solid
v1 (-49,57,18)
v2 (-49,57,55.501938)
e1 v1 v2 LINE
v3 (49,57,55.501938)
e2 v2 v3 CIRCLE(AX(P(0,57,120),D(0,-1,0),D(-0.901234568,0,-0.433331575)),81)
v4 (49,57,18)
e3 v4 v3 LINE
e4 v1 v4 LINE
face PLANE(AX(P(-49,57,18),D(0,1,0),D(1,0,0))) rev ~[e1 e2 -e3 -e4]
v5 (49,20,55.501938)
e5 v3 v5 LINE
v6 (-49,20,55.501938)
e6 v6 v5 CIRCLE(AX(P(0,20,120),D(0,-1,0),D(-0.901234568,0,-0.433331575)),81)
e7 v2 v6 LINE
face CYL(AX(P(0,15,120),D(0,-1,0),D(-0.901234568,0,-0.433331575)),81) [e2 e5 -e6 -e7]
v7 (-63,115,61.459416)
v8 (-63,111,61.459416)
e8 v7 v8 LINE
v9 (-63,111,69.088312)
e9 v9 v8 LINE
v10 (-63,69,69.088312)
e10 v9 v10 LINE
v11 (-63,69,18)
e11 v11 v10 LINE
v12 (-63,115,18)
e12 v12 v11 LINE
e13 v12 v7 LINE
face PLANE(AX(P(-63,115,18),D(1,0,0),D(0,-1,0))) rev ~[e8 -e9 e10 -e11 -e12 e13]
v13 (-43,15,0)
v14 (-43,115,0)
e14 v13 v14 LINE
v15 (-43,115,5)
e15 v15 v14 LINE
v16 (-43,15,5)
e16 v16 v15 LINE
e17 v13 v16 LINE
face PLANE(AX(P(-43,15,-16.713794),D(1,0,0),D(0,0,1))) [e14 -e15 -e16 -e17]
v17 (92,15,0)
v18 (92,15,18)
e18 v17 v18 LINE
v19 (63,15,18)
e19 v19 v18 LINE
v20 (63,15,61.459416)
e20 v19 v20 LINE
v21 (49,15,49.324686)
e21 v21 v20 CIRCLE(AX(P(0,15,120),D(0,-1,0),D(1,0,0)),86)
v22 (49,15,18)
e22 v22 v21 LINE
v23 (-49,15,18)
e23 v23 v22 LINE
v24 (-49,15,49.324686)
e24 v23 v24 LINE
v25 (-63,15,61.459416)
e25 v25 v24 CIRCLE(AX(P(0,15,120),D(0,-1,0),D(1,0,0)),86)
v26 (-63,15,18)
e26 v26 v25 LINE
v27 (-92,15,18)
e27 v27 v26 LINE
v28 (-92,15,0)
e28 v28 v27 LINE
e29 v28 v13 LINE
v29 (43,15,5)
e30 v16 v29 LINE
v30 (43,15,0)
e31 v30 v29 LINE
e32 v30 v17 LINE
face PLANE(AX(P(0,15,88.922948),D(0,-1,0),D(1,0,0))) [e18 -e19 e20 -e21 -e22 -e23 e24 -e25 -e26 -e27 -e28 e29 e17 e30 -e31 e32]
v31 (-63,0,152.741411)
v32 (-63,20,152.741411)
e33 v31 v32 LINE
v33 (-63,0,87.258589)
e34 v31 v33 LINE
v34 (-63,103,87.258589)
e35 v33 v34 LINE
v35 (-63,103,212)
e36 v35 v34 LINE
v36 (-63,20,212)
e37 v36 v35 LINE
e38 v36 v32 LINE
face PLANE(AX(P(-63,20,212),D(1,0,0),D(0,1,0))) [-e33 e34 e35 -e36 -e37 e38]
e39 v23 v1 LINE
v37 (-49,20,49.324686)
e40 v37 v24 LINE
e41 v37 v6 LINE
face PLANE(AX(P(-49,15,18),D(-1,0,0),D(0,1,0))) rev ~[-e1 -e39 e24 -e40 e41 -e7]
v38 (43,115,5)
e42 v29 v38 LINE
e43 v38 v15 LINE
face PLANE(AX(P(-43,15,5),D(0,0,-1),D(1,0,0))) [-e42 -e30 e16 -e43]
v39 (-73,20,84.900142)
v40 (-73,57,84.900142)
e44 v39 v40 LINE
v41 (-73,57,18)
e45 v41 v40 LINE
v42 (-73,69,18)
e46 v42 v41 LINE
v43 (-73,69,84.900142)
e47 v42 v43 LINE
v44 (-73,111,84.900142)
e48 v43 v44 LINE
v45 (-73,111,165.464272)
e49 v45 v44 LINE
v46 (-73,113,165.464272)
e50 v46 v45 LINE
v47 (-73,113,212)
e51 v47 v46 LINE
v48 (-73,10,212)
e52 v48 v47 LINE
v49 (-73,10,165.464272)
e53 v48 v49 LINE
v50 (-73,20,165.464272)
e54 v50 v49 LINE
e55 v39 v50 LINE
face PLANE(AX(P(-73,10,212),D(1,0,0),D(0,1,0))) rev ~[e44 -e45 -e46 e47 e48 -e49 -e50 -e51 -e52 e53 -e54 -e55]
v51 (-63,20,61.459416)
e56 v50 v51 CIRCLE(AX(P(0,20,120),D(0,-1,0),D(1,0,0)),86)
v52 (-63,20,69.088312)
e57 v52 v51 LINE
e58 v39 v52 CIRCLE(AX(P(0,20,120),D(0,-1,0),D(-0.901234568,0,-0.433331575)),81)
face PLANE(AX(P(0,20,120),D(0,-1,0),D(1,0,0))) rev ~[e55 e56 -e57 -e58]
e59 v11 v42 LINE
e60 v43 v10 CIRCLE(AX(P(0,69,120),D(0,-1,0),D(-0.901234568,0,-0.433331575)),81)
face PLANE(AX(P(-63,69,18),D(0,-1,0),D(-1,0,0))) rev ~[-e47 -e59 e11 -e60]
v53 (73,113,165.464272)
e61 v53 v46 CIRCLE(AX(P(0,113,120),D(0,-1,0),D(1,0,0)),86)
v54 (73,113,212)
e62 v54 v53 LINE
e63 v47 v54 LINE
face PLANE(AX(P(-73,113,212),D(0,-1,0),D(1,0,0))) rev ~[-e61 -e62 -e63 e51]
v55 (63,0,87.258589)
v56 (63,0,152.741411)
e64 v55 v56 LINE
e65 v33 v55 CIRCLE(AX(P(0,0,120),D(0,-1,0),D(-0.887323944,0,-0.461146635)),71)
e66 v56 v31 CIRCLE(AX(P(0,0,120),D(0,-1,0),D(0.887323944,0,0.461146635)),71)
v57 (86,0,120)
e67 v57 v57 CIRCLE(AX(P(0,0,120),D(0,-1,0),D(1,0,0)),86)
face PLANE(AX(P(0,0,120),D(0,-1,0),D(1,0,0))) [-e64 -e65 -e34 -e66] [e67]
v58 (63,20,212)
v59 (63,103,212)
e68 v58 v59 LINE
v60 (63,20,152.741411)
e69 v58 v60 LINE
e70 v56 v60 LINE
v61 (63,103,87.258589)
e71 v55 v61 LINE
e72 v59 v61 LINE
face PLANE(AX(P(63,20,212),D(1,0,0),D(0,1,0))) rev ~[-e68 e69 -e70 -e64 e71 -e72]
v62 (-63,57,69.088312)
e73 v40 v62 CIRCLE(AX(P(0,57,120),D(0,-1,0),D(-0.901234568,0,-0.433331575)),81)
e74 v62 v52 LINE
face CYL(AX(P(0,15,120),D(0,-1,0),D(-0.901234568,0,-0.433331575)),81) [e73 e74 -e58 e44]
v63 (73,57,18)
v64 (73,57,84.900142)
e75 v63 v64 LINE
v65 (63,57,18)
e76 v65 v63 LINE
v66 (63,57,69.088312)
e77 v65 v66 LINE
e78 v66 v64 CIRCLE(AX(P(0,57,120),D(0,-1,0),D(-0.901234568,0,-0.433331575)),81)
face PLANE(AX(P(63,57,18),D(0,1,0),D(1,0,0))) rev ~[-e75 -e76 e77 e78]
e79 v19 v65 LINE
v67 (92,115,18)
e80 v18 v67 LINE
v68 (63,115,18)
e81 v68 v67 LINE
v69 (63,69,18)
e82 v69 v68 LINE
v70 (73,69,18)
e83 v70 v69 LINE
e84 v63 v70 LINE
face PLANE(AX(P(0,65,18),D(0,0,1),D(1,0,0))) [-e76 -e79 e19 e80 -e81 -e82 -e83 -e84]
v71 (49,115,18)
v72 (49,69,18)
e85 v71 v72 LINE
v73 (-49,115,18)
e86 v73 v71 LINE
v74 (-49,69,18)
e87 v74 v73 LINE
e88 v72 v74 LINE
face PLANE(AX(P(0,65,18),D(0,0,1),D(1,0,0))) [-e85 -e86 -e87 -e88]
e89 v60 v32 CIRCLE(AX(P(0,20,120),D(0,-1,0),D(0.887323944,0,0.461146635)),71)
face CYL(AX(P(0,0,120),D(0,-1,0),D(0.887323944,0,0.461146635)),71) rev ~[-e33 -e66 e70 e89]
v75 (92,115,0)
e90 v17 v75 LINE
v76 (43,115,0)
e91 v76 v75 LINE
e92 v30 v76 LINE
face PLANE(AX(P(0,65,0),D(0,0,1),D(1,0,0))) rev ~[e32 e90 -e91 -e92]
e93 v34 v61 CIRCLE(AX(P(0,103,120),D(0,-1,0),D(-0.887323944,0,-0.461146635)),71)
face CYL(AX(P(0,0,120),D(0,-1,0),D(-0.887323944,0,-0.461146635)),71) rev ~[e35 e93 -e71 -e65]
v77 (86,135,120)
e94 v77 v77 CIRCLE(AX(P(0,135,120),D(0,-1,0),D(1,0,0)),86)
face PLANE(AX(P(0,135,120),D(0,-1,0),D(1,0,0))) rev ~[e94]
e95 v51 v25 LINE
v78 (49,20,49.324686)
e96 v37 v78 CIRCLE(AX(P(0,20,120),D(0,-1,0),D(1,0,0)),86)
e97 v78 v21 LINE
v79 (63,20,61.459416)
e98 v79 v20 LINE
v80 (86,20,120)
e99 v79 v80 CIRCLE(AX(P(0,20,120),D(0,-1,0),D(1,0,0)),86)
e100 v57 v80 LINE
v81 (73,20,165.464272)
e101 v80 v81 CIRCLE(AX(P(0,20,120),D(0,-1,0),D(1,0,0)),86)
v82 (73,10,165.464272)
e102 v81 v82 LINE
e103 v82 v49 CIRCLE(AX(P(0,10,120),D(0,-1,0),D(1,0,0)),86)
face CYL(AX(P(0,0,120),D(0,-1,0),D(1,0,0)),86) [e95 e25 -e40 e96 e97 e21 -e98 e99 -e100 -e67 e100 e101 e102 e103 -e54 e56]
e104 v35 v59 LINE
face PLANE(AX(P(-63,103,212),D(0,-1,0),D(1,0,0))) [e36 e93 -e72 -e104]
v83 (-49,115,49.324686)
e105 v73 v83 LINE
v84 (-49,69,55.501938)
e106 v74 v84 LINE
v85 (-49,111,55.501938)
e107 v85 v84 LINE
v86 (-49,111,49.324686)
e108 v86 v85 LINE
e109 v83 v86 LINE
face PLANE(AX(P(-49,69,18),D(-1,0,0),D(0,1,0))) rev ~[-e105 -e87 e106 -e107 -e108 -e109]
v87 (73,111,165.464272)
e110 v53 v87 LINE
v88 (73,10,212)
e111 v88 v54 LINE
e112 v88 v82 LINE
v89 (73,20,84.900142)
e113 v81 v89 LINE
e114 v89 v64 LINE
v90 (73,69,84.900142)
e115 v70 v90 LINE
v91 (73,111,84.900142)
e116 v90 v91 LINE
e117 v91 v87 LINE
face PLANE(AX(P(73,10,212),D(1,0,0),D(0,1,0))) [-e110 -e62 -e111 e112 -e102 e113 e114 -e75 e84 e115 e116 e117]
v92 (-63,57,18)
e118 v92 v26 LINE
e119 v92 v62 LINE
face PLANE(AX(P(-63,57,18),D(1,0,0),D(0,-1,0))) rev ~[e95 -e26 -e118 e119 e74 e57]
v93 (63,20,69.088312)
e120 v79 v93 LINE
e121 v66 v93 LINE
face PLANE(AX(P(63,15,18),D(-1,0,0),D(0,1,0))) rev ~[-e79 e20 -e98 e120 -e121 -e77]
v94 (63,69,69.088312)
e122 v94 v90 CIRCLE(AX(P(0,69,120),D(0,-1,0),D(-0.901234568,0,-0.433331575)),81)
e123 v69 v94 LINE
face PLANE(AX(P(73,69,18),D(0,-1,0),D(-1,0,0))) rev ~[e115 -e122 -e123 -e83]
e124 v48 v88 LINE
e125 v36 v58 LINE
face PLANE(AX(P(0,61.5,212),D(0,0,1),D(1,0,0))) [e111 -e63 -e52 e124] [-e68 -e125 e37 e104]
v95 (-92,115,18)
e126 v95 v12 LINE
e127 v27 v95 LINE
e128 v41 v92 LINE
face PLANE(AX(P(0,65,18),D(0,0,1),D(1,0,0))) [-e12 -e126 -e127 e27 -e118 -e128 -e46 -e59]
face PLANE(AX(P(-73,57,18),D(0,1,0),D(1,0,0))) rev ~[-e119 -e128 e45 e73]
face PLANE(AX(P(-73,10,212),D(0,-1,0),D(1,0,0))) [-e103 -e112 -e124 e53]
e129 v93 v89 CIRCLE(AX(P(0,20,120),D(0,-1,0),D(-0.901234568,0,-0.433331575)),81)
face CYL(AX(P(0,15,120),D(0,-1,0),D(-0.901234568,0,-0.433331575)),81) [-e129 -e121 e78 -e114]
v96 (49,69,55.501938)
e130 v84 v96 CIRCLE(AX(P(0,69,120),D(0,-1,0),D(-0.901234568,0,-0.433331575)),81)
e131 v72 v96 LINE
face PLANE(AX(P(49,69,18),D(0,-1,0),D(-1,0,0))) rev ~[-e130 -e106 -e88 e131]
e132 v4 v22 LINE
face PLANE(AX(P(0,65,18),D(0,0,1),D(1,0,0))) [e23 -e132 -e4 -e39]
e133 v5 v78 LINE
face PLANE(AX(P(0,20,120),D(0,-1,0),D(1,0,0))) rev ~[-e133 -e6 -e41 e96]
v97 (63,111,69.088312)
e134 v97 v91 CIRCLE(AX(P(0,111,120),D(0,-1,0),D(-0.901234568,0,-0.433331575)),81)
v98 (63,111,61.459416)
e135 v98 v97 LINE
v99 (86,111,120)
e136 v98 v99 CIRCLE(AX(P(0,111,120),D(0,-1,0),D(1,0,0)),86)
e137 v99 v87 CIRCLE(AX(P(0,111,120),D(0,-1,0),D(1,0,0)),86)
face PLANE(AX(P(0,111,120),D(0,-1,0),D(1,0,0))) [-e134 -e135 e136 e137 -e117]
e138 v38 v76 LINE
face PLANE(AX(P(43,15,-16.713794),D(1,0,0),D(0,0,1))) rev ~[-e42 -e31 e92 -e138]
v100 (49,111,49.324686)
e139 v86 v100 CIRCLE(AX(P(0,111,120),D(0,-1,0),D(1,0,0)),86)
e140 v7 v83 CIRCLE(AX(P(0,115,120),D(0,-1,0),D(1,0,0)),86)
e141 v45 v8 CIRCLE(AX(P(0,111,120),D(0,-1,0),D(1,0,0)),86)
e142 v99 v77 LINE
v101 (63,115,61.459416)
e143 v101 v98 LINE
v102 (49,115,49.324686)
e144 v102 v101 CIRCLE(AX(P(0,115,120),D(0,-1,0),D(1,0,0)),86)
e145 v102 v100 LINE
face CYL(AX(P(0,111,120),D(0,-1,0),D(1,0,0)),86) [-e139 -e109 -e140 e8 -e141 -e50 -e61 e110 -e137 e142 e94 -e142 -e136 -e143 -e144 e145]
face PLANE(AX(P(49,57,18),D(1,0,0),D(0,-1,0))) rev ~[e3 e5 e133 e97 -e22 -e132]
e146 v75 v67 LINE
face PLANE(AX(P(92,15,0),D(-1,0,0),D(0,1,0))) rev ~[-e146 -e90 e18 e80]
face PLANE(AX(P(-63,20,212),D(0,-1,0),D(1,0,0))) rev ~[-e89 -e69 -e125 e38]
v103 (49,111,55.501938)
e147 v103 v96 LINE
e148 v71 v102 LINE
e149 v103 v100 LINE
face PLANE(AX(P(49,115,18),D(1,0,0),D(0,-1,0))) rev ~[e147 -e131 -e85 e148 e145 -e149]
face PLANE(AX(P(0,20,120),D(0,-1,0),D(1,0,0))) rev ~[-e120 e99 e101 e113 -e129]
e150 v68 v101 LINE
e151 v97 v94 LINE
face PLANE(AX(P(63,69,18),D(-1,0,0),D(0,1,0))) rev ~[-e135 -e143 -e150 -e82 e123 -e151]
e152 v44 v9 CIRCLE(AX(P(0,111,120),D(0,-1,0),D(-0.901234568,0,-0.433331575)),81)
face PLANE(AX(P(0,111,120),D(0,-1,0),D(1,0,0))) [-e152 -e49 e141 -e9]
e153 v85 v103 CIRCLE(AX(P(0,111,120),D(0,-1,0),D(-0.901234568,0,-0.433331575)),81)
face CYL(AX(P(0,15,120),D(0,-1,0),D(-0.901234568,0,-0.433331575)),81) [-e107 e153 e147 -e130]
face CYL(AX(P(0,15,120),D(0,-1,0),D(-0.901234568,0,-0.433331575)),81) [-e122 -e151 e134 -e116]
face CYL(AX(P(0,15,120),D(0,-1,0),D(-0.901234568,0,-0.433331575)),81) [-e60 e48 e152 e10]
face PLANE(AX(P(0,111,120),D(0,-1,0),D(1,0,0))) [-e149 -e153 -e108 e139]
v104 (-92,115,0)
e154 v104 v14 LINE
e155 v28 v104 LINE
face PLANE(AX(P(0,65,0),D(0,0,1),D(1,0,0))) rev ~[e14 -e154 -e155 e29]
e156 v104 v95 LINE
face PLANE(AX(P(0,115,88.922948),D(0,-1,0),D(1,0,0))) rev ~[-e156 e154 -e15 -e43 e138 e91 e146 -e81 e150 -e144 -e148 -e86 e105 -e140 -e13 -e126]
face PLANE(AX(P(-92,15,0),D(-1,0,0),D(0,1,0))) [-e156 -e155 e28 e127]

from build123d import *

# Parameters (mm, degrees)
F0_W      = 184
F0_H      = 100
F1_DEPTH  = 18
F2_W      = 86
F2_H      = 21.7137943208
F3_DEPTH  = 100.001
F5_DEPTH  = 92
F7_DEPTH  = 100
F8_R      = 86
F9_DEPTH  = 20
F10_START = -111
F10_DEPTH = 24
F12_W     = 146
F12_H     = 103
F13_DEPTH = 92
F15_DEPTH = 103
F16_W     = 126
F16_H     = 83
F17_DEPTH = 59.2595889125


with BuildPart() as f1:
    # F0 (on Top) → F1 (new body)
    with BuildSketch(Plane.XY):
        with Locations((0, 65)):
            Rectangle(F0_W, F0_H)
    extrude(amount=F1_DEPTH)

    # F2 (on face) → F3 (cut, through all)
    with BuildSketch(Plane.XZ.offset(-15)):
        with Locations((0, -5.8568971604)):
            Rectangle(F2_W, F2_H)
    extrude(amount=-F3_DEPTH, mode=Mode.SUBTRACT)

    # F4 (on face) → F5 (join)
    with BuildSketch(Plane.XY.offset(18)):
        Polygon((-63, 57), (-63, 15), (-49, 15), (-49, 57), (0, 57), (49, 57), (49, 15), (63, 15), (63, 57), (73, 57), (73, 69), (63, 69), (63, 115), (49, 115), (49, 69), (0, 69), (-49, 69), (-49, 115), (-63, 115), (-63, 69), (-73, 69), (-73, 57), align=None)
    extrude(amount=F5_DEPTH)

    # F6 (on face) → F7 (join)
    with BuildSketch(Plane.XZ.offset(-15)):
        with BuildLine():
            Line((-73, 120), (-73, 84.9001424504))
            ThreePointArc((-73, 84.9001424504), (0, 39), (73, 84.9001424504))
            Line((73, 84.9001424504), (73, 120))
            Line((73, 120), (-73, 120))
        make_face()
    extrude(amount=-F7_DEPTH)

    # F8 (on Front) → F9 (join)
    with BuildSketch(Plane.XZ):
        with Locations((0, 120)):
            Circle(F8_R)
    extrude(amount=-F9_DEPTH)

    # F8 (on Front) → F10 (join)
    with BuildSketch(Plane.XZ.offset(F10_START)):
        with Locations((0, 120)):
            Circle(F8_R)
    extrude(amount=-F10_DEPTH)

    # F12 (on offset) → F13 (join, through all)
    with BuildSketch(Plane.XY.offset(212)):
        with Locations((0, 61.5)):
            Rectangle(F12_W, F12_H)
    extrude(amount=-F13_DEPTH)

    # F14 (on face) → F15 (cut)
    with BuildSketch(Plane.XZ):
        with BuildLine():
            Line((-63, 152.7414110875), (-63, 87.2585889125))
            ThreePointArc((-63, 87.2585889125), (0, 49), (63, 87.2585889125))
            Line((63, 87.2585889125), (63, 152.7414110875))
            ThreePointArc((63, 152.7414110875), (0, 191), (-63, 152.7414110875))
        make_face()
    extrude(amount=-F15_DEPTH, mode=Mode.SUBTRACT)

    # F16 (on face) → F17 (cut, through all)
    with BuildSketch(Plane.XY.offset(212)):
        with Locations((0, 61.5)):
            Rectangle(F16_W, F16_H)
    extrude(amount=-F17_DEPTH, mode=Mode.SUBTRACT)


solid = f1.part
